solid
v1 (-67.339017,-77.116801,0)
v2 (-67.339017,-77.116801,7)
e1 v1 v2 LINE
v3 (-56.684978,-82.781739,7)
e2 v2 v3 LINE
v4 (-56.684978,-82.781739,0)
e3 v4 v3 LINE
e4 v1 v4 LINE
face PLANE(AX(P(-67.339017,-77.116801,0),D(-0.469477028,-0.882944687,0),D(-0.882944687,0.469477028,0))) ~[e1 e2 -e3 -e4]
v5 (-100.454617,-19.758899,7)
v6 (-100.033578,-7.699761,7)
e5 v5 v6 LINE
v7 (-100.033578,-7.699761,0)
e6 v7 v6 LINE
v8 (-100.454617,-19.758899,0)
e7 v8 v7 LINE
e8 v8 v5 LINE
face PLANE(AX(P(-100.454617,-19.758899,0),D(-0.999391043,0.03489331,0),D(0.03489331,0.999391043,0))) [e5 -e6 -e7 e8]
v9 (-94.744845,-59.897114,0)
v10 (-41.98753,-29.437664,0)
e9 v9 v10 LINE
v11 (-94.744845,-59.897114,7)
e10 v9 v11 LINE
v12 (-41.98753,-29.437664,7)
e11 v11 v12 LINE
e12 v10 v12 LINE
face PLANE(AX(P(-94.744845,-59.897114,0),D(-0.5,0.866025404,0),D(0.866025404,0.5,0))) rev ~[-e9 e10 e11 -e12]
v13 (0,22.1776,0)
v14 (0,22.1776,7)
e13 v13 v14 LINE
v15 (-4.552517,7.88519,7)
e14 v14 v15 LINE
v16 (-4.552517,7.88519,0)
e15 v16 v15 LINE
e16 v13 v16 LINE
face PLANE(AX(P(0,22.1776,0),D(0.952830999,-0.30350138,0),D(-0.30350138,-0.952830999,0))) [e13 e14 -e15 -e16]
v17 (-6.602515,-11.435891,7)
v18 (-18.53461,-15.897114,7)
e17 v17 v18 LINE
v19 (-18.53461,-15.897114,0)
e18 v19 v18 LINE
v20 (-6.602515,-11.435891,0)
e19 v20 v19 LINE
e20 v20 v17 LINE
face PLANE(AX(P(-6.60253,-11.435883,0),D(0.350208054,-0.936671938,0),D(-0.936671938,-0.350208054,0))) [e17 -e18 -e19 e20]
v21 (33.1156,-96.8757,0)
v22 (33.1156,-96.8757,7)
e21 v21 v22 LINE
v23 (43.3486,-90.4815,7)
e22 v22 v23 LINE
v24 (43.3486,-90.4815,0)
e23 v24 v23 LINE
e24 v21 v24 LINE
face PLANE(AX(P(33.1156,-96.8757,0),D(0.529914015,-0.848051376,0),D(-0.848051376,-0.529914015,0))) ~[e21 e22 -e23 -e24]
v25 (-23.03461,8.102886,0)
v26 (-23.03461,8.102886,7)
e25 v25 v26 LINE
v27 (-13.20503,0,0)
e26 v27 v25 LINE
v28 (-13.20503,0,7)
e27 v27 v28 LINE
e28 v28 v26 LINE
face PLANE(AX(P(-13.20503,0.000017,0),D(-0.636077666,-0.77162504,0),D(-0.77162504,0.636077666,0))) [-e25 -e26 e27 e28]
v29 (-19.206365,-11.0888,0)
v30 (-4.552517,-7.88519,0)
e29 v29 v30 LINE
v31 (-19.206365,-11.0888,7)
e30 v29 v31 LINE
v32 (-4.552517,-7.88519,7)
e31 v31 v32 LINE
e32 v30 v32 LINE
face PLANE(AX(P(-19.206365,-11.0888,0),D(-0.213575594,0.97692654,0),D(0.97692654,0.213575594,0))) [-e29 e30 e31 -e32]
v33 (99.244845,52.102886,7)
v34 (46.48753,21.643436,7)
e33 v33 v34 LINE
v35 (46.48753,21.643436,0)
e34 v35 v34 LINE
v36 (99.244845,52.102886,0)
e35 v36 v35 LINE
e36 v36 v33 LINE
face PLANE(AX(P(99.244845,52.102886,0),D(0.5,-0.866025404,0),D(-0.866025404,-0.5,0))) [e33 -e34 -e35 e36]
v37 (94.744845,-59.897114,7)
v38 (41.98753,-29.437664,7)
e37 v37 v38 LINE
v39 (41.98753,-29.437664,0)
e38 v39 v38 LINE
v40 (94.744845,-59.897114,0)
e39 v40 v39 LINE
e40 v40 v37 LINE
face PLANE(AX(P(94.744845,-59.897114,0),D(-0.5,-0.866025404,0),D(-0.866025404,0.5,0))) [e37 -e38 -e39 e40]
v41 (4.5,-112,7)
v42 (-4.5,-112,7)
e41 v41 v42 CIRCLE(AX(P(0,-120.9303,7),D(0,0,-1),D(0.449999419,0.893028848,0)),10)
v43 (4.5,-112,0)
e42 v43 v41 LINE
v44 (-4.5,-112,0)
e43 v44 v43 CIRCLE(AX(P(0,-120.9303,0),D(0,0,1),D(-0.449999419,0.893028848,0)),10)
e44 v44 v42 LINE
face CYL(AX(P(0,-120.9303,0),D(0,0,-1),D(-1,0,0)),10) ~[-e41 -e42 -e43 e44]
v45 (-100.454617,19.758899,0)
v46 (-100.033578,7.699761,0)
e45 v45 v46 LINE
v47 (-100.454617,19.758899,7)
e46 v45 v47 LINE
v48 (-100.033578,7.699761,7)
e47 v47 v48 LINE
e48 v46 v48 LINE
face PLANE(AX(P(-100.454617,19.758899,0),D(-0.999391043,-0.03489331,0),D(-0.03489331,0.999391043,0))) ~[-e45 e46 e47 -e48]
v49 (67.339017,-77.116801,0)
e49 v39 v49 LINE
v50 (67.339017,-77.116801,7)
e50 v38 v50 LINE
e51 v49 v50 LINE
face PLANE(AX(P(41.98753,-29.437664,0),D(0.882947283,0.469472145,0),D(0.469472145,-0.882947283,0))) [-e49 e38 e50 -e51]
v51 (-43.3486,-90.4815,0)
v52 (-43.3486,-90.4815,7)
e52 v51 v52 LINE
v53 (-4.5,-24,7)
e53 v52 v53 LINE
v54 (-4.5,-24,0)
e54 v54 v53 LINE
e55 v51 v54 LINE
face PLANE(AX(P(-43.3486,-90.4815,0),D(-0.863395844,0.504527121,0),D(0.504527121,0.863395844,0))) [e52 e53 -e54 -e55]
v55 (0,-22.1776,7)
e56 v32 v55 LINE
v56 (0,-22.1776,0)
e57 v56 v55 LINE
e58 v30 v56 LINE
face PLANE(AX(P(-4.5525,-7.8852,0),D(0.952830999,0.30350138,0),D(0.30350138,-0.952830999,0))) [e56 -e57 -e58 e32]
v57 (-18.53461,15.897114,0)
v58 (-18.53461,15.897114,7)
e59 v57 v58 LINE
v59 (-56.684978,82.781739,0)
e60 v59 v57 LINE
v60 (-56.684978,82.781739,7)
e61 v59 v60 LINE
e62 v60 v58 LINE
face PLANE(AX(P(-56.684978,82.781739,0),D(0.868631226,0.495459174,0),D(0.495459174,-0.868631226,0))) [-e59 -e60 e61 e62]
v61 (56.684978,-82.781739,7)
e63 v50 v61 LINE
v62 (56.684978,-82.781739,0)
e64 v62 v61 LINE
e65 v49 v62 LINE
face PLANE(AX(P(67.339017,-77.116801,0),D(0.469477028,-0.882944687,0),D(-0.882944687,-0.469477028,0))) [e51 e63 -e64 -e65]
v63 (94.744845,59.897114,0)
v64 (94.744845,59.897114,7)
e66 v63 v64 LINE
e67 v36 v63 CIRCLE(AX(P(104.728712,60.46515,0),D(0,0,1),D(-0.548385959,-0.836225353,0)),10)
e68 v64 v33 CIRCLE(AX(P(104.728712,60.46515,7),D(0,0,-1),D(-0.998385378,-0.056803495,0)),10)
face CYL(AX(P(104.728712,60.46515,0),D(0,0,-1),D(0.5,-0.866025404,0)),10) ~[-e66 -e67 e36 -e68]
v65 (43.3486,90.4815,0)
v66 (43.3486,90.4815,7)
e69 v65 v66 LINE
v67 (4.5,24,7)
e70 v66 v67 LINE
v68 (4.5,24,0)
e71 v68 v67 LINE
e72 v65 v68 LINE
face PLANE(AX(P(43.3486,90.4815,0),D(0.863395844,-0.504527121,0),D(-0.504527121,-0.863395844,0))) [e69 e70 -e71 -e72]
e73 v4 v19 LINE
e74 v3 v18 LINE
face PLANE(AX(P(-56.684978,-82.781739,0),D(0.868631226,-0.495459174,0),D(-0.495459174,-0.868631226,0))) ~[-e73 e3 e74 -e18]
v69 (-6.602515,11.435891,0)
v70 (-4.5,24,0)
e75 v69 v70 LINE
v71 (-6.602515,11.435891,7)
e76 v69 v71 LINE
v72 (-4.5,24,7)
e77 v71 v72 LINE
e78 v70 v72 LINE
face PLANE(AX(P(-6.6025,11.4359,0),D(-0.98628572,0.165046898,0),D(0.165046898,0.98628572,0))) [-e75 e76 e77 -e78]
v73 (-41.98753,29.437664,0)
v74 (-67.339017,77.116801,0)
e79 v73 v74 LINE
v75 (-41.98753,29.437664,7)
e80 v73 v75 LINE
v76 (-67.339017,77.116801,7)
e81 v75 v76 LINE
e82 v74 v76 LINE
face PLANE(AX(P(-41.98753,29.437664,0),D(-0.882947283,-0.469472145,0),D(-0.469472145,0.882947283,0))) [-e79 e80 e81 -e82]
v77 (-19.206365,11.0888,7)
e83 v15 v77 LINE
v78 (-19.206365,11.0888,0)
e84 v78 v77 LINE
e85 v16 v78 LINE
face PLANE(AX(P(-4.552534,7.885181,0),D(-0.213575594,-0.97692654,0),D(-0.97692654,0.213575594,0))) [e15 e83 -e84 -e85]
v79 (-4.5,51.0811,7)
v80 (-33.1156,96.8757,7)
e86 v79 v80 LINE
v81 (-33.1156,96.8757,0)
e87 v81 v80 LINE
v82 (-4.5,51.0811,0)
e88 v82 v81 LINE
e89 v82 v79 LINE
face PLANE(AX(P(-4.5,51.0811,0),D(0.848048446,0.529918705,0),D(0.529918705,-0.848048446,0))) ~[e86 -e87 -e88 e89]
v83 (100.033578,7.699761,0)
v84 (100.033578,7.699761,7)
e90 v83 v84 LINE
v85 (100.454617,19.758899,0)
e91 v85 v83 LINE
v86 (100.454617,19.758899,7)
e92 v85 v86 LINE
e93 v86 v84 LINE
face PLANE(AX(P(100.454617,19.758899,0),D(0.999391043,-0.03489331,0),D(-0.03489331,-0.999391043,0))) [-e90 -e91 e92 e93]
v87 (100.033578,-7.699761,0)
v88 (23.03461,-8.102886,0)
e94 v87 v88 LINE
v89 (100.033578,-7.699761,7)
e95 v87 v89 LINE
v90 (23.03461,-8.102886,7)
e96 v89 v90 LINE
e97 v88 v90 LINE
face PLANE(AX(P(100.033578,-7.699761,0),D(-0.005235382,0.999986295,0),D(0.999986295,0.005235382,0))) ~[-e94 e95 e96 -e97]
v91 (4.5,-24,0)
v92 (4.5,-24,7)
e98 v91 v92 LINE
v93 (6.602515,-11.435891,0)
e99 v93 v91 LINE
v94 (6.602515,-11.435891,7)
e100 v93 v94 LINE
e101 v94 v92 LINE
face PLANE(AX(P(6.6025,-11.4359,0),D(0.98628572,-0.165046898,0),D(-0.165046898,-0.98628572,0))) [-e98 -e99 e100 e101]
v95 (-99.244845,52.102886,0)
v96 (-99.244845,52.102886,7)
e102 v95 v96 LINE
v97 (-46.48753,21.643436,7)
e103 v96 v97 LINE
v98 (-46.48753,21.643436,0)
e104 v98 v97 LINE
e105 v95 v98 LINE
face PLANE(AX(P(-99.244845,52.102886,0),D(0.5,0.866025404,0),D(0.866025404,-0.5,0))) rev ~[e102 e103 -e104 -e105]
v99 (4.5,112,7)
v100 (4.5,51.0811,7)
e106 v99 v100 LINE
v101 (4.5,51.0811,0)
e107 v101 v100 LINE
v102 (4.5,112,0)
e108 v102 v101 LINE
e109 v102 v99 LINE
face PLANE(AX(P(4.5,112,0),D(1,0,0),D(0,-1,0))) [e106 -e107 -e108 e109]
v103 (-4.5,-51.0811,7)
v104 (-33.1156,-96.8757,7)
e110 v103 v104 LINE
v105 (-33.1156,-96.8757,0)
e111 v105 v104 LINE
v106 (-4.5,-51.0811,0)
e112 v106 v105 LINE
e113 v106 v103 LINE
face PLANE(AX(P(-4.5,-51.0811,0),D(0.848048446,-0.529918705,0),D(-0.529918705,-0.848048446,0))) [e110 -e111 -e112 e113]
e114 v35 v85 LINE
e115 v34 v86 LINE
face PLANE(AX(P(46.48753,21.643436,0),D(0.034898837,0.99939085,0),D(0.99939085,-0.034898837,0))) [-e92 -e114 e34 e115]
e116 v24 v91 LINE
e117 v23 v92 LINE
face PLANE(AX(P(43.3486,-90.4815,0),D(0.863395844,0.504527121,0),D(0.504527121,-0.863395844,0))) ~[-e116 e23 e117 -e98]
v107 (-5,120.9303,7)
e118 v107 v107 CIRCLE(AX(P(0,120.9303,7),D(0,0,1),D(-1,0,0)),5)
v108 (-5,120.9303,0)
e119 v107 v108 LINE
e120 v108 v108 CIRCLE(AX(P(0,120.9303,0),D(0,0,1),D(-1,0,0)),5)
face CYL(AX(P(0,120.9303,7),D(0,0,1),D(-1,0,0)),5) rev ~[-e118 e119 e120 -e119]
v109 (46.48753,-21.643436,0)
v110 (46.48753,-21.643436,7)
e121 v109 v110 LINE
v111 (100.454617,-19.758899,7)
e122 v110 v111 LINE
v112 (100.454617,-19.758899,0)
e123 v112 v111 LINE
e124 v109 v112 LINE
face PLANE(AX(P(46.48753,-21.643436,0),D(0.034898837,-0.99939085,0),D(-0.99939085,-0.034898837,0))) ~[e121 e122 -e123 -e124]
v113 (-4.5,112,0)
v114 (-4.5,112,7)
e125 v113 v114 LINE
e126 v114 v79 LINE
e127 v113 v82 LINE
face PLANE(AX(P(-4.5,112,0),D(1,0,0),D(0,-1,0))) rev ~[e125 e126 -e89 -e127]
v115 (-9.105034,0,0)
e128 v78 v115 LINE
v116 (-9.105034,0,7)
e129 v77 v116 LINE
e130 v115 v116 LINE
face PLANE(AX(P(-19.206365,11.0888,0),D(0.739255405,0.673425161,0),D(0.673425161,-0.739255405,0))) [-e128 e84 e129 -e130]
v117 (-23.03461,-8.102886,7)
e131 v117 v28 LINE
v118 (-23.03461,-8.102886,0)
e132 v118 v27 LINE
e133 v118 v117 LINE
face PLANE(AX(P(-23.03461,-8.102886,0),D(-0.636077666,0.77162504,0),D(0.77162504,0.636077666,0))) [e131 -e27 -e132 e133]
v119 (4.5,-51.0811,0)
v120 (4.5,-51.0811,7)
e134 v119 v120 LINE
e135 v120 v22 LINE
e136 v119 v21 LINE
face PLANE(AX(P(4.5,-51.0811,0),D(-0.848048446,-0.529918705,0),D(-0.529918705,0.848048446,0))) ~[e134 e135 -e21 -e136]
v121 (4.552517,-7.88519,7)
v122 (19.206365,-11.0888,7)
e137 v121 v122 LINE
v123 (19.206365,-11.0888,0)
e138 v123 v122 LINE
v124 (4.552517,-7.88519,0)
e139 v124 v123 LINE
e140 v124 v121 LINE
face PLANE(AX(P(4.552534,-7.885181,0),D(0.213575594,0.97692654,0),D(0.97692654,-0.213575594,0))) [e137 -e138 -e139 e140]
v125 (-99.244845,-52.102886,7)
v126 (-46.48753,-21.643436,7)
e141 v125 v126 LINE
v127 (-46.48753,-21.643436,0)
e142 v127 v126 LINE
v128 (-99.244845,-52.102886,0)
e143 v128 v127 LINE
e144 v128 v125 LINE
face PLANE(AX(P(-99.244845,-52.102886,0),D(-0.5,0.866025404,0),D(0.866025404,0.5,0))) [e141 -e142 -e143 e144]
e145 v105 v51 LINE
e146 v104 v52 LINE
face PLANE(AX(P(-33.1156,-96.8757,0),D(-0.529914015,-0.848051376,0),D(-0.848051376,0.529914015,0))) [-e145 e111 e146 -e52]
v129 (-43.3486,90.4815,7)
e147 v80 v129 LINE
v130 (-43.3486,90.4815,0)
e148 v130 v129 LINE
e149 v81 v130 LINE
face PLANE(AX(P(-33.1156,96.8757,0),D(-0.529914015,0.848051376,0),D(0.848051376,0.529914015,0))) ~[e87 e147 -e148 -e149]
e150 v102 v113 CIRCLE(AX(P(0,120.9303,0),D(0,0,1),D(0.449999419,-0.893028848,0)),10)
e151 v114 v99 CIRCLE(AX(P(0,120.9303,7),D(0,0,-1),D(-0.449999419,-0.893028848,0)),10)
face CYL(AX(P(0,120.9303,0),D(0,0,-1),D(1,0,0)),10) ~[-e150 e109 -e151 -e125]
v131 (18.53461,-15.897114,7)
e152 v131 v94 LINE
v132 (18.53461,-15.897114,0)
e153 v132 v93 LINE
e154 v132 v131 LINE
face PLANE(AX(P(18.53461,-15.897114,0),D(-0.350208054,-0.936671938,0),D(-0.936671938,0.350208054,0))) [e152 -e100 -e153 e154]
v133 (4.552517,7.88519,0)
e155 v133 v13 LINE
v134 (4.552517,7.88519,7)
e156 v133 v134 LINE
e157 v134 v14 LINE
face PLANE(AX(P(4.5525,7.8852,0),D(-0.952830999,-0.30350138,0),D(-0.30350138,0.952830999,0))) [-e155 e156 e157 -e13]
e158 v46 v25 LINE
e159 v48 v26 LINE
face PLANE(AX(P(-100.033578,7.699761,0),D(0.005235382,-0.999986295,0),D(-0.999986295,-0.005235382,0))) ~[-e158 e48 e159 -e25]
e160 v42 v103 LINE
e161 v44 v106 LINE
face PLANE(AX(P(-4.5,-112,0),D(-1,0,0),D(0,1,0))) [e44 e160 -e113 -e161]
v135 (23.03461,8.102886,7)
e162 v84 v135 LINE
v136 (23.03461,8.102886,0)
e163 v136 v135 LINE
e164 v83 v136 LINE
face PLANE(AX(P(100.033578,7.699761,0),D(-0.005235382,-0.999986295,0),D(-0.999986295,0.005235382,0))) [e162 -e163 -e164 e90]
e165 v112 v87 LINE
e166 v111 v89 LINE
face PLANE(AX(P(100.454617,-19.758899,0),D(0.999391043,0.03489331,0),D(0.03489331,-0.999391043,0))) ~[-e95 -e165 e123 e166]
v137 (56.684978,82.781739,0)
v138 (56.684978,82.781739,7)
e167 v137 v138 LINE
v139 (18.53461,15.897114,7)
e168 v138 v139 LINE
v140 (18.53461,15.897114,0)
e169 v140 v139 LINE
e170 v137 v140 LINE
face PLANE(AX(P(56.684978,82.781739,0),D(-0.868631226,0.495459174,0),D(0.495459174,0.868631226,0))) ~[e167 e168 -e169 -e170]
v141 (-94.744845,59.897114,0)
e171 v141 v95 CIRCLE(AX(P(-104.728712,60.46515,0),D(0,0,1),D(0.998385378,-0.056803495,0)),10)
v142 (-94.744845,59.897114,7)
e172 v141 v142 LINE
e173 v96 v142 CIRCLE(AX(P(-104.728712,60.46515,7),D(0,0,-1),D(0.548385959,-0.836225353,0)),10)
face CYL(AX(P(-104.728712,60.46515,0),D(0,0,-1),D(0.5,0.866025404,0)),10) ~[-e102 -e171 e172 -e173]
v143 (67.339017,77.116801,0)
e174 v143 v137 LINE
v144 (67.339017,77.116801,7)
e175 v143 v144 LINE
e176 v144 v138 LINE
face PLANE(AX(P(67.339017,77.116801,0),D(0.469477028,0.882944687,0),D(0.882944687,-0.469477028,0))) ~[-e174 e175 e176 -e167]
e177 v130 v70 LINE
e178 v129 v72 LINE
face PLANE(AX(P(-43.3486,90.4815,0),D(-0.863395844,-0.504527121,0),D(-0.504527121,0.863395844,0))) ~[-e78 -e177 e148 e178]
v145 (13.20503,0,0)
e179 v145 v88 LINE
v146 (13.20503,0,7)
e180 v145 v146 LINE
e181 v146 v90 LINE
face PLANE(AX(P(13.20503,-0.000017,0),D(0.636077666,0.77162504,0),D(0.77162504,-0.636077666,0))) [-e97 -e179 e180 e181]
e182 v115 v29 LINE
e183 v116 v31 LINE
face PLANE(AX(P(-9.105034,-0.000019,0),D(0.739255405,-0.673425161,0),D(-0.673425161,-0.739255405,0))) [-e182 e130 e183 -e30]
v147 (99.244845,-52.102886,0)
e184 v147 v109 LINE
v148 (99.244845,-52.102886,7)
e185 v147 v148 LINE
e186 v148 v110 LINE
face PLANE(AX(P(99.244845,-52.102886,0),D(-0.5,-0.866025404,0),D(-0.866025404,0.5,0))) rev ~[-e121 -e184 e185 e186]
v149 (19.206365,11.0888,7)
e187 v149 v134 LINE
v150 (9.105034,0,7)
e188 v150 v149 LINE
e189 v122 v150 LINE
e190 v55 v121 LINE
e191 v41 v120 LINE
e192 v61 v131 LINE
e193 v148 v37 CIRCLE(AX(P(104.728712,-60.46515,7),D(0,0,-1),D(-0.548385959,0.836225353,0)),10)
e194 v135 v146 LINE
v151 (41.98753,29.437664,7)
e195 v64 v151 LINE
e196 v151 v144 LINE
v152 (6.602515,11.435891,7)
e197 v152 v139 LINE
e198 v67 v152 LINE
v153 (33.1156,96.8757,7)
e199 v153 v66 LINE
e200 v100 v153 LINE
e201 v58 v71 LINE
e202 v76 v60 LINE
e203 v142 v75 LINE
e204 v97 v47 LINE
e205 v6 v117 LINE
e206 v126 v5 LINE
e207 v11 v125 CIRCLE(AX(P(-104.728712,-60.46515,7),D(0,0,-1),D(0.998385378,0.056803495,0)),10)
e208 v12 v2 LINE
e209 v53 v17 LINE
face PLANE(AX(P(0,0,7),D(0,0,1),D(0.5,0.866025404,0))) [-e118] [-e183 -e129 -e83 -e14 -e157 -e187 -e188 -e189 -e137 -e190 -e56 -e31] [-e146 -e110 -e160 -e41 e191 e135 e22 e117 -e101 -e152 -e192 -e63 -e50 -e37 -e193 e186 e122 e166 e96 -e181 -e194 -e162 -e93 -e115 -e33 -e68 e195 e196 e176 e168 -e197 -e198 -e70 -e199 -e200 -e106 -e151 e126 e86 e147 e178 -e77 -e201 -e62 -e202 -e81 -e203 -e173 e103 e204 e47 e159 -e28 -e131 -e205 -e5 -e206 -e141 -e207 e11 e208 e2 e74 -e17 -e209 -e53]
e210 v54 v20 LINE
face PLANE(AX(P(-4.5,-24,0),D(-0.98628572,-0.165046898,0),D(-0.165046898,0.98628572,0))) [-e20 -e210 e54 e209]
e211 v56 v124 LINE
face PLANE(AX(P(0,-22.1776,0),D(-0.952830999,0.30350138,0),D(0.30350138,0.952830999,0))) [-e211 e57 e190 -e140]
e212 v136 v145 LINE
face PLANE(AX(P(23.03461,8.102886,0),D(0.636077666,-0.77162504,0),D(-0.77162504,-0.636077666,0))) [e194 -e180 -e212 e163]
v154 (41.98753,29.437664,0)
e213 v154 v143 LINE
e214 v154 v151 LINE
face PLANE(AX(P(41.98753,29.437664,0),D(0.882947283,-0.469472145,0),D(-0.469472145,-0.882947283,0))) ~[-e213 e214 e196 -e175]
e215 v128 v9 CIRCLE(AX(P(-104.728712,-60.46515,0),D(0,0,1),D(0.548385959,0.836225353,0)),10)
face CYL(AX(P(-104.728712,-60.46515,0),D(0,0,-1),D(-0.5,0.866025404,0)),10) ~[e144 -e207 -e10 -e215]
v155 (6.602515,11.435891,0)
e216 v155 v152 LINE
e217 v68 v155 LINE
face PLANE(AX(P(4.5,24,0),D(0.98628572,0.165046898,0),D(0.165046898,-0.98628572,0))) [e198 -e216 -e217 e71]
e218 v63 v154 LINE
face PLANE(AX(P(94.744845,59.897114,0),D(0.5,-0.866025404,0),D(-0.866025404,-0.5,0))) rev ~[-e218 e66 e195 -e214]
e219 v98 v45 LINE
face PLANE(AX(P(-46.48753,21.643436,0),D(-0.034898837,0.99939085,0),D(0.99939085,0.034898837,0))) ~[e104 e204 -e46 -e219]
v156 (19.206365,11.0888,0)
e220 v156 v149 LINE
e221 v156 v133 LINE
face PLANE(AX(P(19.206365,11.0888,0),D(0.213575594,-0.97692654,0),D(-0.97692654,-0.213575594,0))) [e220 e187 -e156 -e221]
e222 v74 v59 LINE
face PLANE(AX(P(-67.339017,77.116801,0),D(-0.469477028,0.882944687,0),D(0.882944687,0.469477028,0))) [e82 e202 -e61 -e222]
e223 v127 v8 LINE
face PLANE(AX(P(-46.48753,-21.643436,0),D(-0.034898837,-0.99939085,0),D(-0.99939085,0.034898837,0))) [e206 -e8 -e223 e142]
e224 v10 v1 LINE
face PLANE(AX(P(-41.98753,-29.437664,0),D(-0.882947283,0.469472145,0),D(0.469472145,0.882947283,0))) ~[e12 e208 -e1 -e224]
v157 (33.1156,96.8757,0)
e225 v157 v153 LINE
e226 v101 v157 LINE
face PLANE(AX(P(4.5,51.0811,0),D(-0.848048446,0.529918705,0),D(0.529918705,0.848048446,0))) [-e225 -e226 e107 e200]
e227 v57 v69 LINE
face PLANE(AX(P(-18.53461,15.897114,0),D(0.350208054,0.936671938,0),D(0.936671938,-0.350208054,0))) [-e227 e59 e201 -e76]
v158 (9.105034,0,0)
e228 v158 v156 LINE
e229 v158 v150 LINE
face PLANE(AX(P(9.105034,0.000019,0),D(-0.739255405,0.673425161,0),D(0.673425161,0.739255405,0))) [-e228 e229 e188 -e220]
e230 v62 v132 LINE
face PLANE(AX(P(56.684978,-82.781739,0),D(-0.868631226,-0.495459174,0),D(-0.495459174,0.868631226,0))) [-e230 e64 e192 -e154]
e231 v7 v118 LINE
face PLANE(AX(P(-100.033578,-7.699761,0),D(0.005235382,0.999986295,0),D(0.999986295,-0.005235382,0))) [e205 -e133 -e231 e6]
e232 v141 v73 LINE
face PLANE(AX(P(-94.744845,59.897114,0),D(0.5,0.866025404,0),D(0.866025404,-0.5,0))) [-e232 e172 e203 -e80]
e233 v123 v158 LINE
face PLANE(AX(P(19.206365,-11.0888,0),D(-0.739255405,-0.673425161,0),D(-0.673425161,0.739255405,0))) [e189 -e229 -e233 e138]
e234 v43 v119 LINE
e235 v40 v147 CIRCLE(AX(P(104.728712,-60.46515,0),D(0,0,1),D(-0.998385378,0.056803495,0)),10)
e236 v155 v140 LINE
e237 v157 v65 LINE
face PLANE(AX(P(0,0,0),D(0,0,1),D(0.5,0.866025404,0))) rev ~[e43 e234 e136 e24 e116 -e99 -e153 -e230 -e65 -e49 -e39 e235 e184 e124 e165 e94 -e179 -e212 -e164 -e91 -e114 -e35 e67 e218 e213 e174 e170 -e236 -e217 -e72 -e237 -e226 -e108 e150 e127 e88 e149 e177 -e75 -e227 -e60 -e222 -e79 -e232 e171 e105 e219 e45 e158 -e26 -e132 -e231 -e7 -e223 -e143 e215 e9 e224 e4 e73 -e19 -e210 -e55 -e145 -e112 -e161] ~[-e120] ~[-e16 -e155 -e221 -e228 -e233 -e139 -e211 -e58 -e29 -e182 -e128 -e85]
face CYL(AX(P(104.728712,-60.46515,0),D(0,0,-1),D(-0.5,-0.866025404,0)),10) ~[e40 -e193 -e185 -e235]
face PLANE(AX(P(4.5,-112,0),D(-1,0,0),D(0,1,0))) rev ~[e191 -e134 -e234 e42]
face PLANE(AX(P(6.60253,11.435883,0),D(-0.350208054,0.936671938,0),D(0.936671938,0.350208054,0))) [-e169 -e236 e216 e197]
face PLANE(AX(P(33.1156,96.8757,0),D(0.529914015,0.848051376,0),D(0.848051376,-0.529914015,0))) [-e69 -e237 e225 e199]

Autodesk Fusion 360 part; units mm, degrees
sketch "Sketch1" plane through (0, 0, 0) normal (0, 0, 1) x (1, 0, 0)
  line L0 (-4.5, 24) -> (4.5, 24)
  line L1 (4.5, 112) -> (-4.5, 112)
  line L2 (-4.5, 112) -> (-4.5, 24)
  line L3 (0, 24) -> (0, 112) construction
  line L4 (4.5, 112) -> (4.5, 24)
  line L5 (0, 24) -> (0, 0) construction
  circle A0 centre (0, 120.9303) radius 10
  dimension "d517" = 9
  dimension "d518" = 88
  dimension "d519" = 24
  dimension "d520" = 20
extrude "Extrude1" add sketch "Sketch1" along normal blind 7 makes body 1
sketch "Sketch2" plane through (0, 0, 0) normal (0, 0, 1) x (1, 0, 0)
  arc A0 (4.5, 112) -> (-4.5, 112) centre (0, 120.9303) ccw construction
  line L0 (4.5, 112) -> (4.5, 24) construction
  line L1 (4.5, 24) -> (-4.5, 24) construction
  line L2 (-4.5, 24) -> (-4.5, 112) construction
  line L3 (4.5, 51.0811) -> (33.1156, 96.8757)
  line L4 (33.1156, 96.8757) -> (43.3486, 90.4815)
  line L5 (43.3486, 90.4815) -> (4.5, 24)
  line L6 (4.5, 24) -> (4.5, 51.0811)
  dimension "d525" = 54
  dimension "d526" = 32
  dimension "d527" = 1.7
  dimension "d528" = 77
extrude "Extrude2" add sketch "Sketch2" along normal up to surface (7 mm away) separate body makes body 2
mirror "Mirror1" about plane through (0, 0, 0) normal (1, 0, 0) of bodies 2 makes body 3
combine "Combine1" operation add target body 2 tool bodies 1 3
sketch "Sketch3" plane through (0, 0, 0) normal (0, 0, 1) x (1, 0, 0)
  line L0 (43.3486, 90.4815) -> (4.5, 24)
  line L1 (4.5, 24) -> (-4.5, 24)
  line L2 (-4.5, 24) -> (-43.3486, 90.4815)
  line L3 (-43.3486, 90.4815) -> (-33.1156, 96.8757)
  line L4 (-33.1156, 96.8757) -> (-4.5, 51.0811)
  line L5 (-4.5, 51.0811) -> (-4.5, 112)
  arc A0 (4.5, 112) -> (-4.5, 112) centre (0, 120.9303) ccw
  line L6 (4.5, 112) -> (4.5, 51.0811)
  line L7 (4.5, 51.0811) -> (33.1156, 96.8757)
  line L8 (33.1156, 96.8757) -> (43.3486, 90.4815)
  line L9 (4.5, 24) -> (6.6025, 11.4359)
  line L10 (6.6025, 11.4359) -> (4.5525, 7.8852)
  line L11 (4.5525, 7.8852) -> (0, 22.1776)
  line L12 (0, 22.1776) -> (-4.5525, 7.8852)
  line L13 (-4.5525, 7.8852) -> (-6.6025, 11.4359)
  line L14 (-6.6025, 11.4359) -> (-4.5, 24)
  line L15 (0, 1.75) -> (0, 22.5)
  line L16 (1.75, 0) -> (22.5, 0)
  dimension "d533" = 60
  dimension "d538" = 15
  dimension "d539" = 4.1
  dimension "d540" = 19
extrude "Extrude3" add sketch "Sketch3" along normal up to surface (7 mm away) separate body contours L1 L9 L10 L11 L12 L13 L14 makes body 4
pattern_circular "C-Pattern1" count 6 over 360 about axis through (0, 0, 1.75) along (0, 0, 1) of bodies 4 makes body 5 at (-14.7812, 12.8073, 0) makes body 6 at (-18.482, -6.3972, 0) makes body 7 at (-3.7008, -19.2045, 0) makes body 8 at (14.7812, -12.8073, 0) makes body 9 at (18.482, 6.3972, 0)
pattern_circular "C-Pattern2" count 6 over 360 about axis through (0, 0, 1.75) along (0, 0, 1) of bodies 2 makes body 10 at (-56.5186, 12.482, 0) makes body 11 at (-39.069, -42.7055, 0) makes body 12 at (17.4495, -55.1875, 0) makes body 13 at (56.5186, -12.482, 0) makes body 14 at (56.5186, 12.482, 0)
combine "Combine2" operation add target body 2 tool bodies 14 13 12 11 10 5 4 9 8 7 6
sketch "Sketch4" plane through (0, 0, 7) normal (0, 0, 1) x (-1, 0, 0)
  arc A0 (-4.5, -112) -> (4.5, -112) centre (0, -120.9303) ccw
  circle A1 centre (0, -120.9303) radius 5
  dimension "d543" = 10
extrude "Extrude4" cut sketch "Sketch4" against normal up to surface (7 mm away) bodies 2
equation "d526 = Angular Dimension-2"
equation "d527 = Angular Dimension-3"
equation "d533 = Angular Dimension-2"
equation "d540 = Angular Dimension-3"
